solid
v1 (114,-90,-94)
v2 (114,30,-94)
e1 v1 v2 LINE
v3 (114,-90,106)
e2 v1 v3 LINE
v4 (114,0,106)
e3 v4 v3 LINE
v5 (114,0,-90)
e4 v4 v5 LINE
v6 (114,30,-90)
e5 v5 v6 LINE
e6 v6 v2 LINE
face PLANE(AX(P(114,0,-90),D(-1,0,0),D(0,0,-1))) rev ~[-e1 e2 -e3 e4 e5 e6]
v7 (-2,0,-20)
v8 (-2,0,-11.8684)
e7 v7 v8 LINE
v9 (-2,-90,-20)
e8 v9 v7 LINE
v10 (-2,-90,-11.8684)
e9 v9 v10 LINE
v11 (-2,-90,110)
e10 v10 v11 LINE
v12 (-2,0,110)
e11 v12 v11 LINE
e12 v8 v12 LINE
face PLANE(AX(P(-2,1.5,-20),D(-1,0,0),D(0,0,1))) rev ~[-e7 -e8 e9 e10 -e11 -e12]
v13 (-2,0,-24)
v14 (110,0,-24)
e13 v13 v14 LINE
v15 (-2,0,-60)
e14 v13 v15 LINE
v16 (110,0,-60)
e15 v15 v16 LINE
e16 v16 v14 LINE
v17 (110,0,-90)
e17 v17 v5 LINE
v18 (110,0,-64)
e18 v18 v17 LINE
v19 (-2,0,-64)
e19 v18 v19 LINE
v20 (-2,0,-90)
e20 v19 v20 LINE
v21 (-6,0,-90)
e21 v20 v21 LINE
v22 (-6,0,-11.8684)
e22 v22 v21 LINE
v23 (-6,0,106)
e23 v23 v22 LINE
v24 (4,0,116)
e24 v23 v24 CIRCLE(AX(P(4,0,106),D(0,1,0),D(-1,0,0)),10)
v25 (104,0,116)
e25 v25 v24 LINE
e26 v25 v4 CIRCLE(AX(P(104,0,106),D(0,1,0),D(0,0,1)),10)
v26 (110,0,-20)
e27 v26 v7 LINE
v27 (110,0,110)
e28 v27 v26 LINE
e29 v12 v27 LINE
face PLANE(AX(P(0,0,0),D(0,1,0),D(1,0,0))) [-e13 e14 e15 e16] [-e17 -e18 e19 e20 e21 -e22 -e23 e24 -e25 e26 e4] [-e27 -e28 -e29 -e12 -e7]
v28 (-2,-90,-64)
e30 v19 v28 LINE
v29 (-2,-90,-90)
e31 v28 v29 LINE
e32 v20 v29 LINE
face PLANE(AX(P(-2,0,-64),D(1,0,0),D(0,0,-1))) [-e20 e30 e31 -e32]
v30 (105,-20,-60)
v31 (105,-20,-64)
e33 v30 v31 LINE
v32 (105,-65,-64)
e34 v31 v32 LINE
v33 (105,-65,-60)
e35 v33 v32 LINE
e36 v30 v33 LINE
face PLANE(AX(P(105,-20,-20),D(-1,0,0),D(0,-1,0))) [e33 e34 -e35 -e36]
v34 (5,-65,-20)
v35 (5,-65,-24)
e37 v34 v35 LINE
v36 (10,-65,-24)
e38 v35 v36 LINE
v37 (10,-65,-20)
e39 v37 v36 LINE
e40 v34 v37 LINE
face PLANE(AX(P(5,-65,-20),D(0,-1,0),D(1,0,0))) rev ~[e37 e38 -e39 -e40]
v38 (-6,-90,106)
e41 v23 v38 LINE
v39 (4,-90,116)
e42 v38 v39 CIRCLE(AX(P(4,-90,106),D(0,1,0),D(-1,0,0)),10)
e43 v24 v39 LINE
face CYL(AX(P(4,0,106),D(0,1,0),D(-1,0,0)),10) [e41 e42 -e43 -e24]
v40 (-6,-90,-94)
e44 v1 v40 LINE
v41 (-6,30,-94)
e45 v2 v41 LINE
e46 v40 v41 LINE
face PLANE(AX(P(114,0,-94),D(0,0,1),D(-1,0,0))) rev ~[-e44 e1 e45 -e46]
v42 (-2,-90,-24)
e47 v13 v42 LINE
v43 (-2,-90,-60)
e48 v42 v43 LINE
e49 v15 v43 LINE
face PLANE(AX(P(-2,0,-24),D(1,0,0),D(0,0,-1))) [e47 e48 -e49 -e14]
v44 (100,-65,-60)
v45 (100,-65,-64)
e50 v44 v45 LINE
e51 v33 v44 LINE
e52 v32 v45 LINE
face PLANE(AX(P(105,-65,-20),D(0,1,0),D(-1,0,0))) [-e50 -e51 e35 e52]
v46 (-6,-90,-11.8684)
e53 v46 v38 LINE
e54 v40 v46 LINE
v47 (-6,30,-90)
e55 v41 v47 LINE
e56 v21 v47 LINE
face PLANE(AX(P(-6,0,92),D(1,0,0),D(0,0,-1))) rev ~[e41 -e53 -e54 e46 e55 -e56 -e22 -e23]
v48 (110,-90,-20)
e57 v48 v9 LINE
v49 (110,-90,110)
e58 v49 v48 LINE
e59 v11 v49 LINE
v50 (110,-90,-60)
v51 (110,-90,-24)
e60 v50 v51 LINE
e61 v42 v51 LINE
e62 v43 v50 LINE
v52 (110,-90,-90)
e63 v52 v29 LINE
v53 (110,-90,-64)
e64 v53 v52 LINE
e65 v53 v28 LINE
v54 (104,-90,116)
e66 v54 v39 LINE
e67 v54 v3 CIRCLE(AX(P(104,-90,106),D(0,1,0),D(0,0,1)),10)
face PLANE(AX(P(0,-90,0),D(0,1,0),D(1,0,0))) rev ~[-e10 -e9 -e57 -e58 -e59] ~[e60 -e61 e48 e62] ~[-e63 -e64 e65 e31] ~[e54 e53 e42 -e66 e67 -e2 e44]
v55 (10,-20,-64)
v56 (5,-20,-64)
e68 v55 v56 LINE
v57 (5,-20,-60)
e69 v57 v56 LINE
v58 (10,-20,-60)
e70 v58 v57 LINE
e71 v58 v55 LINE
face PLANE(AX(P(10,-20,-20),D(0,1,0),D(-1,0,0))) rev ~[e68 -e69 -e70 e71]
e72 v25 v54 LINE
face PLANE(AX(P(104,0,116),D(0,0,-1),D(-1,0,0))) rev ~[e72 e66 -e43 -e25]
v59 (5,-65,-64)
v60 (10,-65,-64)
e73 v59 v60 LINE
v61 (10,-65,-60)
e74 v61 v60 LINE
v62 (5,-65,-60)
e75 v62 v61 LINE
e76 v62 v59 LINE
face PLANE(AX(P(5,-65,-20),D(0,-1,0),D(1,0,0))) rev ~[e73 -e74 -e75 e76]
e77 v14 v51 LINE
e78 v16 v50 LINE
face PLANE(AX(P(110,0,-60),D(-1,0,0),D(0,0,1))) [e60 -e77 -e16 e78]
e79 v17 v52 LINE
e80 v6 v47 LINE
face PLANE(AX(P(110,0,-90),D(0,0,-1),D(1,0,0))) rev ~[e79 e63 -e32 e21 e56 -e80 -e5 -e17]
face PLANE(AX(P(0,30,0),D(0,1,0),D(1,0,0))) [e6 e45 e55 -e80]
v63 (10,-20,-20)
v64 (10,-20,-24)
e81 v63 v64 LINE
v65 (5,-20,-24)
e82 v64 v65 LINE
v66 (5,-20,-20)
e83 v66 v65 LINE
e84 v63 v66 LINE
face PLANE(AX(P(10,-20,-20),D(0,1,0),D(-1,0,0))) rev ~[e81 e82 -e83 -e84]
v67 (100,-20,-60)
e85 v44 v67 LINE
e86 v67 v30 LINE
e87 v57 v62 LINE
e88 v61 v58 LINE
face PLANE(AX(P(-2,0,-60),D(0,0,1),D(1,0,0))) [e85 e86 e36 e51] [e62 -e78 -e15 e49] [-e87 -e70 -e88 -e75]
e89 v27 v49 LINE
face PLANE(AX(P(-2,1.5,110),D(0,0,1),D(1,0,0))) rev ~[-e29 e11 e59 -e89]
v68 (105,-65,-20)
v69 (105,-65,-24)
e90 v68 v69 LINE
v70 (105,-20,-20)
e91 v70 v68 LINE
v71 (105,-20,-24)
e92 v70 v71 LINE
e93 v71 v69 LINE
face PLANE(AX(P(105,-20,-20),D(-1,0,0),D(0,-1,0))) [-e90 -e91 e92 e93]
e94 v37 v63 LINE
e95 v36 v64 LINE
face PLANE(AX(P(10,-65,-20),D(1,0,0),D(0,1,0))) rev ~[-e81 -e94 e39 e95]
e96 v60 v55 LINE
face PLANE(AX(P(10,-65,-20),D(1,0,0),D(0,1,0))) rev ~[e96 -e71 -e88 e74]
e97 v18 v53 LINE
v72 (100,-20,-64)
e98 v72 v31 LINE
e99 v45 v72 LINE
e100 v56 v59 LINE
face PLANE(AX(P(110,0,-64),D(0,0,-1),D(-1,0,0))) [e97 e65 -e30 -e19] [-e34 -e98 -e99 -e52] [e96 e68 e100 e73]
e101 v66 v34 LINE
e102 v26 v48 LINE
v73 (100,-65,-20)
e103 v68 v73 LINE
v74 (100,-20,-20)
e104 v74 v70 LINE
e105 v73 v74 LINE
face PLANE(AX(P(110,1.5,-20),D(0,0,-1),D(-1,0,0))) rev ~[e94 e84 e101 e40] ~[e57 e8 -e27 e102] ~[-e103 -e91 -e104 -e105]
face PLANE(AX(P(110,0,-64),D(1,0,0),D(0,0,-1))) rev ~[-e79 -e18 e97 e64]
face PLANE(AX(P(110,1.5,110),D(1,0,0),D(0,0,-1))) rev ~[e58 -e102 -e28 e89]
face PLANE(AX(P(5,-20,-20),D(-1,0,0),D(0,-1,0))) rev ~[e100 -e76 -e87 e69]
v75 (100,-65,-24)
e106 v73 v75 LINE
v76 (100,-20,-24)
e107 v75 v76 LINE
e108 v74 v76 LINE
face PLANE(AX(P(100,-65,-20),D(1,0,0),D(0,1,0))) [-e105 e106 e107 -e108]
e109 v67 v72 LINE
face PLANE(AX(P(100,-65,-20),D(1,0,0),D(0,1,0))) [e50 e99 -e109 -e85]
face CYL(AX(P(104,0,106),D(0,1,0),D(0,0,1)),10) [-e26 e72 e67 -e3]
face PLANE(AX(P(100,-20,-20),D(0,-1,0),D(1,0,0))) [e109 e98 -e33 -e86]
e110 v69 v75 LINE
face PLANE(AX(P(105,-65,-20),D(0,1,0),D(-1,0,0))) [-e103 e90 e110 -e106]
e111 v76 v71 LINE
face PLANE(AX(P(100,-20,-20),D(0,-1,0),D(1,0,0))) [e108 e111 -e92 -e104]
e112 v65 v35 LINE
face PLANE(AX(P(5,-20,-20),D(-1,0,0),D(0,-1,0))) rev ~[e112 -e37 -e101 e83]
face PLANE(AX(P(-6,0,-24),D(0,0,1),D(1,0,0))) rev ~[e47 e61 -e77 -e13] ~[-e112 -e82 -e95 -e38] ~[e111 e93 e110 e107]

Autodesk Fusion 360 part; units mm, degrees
sketch "Sketch1" plane through (0, 0, 0) normal (0, 1, 0) x (1, 0, 0)
  line L0 (25, -92) -> (83, -92)
  line L1 (83, -92) -> (83, 0)
  line L2 (83, 0) -> (25, 0)
  line L3 (54, -92) -> (25, -92)
  line L4 (54, -92) -> (83, -92)
  line L5 (-6, -92) -> (-6, 24)
  line L6 (-6, 24) -> (114, 24)
  line L7 (114, 24) -> (114, -106)
  line L8 (104, -116) -> (4, -116)
  line L9 (-6, -106) -> (-6, -92)
  line L10 (25, -92) -> (25, 0)
  arc A0 (104, -116) -> (114, -106) centre (104, -106) ccw
  arc A1 (-6, -106) -> (4, -116) centre (4, -106) ccw
  line L11 (110, -110) -> (110, 20)
  line L12 (-6, 11.8684) -> (-2, 11.8684)
  line L13 (110, 20) -> (-2, 20)
  line L14 (-2, 20) -> (-2, -110)
  line L15 (-2, -110) -> (110, -110)
  dimension "d1" = 92
  dimension "d3" = 60
  dimension "d7" = 10
  dimension "d8" = 10
sketch "Sketch2" plane through (0, 0, 0) normal (0, 1, 0) x (1, 0, 0)
  line L0 (114, 24) -> (114, 64)
  line L1 (114, 64) -> (-6, 64)
  line L2 (-6, 64) -> (-6, 24)
  line L3 (-2, 24) -> (-2, 60)
  line L4 (-2, 60) -> (110, 60)
  line L5 (110, 60) -> (110, 24)
  line L6 (114, 24) -> (110, 24)
  line L7 (-2, 24) -> (-6, 24)
  line L8 (114, 64) -> (114, 94)
  line L9 (114, 94) -> (-6, 94)
  line L10 (-6, 94) -> (-6, 64)
  line L11 (-2, 64) -> (-2, 90)
  line L12 (110, 64) -> (110, 90)
  line L13 (110, 90) -> (-2, 90)
  line L14 (110, 90) -> (114, 90)
  line L15 (-2, 90) -> (-6, 90)
  dimension "d13" = 40
  dimension "d18" = 30
  dimension "d19" = 26
  dimension "d20" = 26
sketch "Sketch3" plane through (0, 0, -20) normal (0, 0, 1) x (-1, 0, 0)
  line L0 (-110, 0) -> (2, 0)
  line L1 (2, 0) -> (2, 90)
  line L2 (2, 90) -> (-110, 90)
  line L3 (-110, 90) -> (-110, 0)
  line L4 (-35, 65) -> (-80, 65)
  line L5 (-80, 65) -> (-80, 75)
  line L6 (-80, 75) -> (-35, 75)
  line L7 (-35, 75) -> (-35, 65)
sketch "Sketch4" plane through (0, 1.5, 0) normal (0, 1, 0) x (-1, 0, 0)
  line L0 (-83, 92) -> (-25, 92)
  line L1 (-25, 92) -> (-25, 0)
  line L2 (-25, 0) -> (-83, 0)
  line L3 (-83, 0) -> (-83, 92)
  line L4 (2, 110) -> (-110, 110)
  line L5 (-110, 110) -> (-110, -20)
  line L6 (-110, -20) -> (2, -20)
  line L7 (2, -20) -> (2, 110)
extrude "Extrude6" add sketch "Sketch1" against normal blind 1.5 contours L11 L13 L14 L15
extrude "Extrude7" add sketch "Sketch1" sketch "Sketch2" against normal blind 90 contours L5 L6 L7 L8 L9 A0 A1 of sketch 2 contours L0 L1 L2 L3 L4 L5 L6 L7 | L1 L8 L12 L14 | L8 L9 L10 L13 L14 L15 | L1 L10 L11 L15
extrude "Extrude8" add sketch "Sketch2" along normal blind 30 contours L8 L9 L10 L13 L14 L15
sketch "Sketch5" plane through (0, 0, -20) normal (0, 0, 1) x (-1, 0, 0)
  line L0 (-110, 1.5) -> (2, 1.5)
  line L1 (2, 1.5) -> (2, 90)
  line L2 (2, 90) -> (-110, 90)
  line L3 (-110, 90) -> (-110, 1.5)
  line L4 (-5, 20) -> (-5, 65)
  line L5 (-5, 65) -> (-10, 65)
  line L6 (-10, 65) -> (-10, 20)
  line L7 (-10, 20) -> (-5, 20)
  line L8 (-105, 20) -> (-105, 65)
  line L9 (-105, 65) -> (-100, 65)
  line L10 (-100, 65) -> (-100, 20)
  line L11 (-100, 20) -> (-105, 20)
extrude "Extrude9" cut sketch "Sketch5" against normal blind 44 contours L4 L5 L6 L7 | L8 L9 L10 L11
sketch "Sketch6" plane through (0, 1.5, 0) normal (0, 1, 0) x (-1, 0, 0)
  circle A0 centre (-91.2, 46.0087) radius 1.5
  circle A1 centre (-14.7, 45.9255) radius 1.5
  dimension "d32" = 3
  dimension "d35" = 3
extrude "Extrude10" add sketch "Sketch4" against normal blind 3
extrude "Extrude11" cut sketch "Sketch6" against normal blind 3
extrude "Extrude12" cut 1 faces at (12.2549, 1.5, 83.0328) along direction (0, -1, 0) blind 3
